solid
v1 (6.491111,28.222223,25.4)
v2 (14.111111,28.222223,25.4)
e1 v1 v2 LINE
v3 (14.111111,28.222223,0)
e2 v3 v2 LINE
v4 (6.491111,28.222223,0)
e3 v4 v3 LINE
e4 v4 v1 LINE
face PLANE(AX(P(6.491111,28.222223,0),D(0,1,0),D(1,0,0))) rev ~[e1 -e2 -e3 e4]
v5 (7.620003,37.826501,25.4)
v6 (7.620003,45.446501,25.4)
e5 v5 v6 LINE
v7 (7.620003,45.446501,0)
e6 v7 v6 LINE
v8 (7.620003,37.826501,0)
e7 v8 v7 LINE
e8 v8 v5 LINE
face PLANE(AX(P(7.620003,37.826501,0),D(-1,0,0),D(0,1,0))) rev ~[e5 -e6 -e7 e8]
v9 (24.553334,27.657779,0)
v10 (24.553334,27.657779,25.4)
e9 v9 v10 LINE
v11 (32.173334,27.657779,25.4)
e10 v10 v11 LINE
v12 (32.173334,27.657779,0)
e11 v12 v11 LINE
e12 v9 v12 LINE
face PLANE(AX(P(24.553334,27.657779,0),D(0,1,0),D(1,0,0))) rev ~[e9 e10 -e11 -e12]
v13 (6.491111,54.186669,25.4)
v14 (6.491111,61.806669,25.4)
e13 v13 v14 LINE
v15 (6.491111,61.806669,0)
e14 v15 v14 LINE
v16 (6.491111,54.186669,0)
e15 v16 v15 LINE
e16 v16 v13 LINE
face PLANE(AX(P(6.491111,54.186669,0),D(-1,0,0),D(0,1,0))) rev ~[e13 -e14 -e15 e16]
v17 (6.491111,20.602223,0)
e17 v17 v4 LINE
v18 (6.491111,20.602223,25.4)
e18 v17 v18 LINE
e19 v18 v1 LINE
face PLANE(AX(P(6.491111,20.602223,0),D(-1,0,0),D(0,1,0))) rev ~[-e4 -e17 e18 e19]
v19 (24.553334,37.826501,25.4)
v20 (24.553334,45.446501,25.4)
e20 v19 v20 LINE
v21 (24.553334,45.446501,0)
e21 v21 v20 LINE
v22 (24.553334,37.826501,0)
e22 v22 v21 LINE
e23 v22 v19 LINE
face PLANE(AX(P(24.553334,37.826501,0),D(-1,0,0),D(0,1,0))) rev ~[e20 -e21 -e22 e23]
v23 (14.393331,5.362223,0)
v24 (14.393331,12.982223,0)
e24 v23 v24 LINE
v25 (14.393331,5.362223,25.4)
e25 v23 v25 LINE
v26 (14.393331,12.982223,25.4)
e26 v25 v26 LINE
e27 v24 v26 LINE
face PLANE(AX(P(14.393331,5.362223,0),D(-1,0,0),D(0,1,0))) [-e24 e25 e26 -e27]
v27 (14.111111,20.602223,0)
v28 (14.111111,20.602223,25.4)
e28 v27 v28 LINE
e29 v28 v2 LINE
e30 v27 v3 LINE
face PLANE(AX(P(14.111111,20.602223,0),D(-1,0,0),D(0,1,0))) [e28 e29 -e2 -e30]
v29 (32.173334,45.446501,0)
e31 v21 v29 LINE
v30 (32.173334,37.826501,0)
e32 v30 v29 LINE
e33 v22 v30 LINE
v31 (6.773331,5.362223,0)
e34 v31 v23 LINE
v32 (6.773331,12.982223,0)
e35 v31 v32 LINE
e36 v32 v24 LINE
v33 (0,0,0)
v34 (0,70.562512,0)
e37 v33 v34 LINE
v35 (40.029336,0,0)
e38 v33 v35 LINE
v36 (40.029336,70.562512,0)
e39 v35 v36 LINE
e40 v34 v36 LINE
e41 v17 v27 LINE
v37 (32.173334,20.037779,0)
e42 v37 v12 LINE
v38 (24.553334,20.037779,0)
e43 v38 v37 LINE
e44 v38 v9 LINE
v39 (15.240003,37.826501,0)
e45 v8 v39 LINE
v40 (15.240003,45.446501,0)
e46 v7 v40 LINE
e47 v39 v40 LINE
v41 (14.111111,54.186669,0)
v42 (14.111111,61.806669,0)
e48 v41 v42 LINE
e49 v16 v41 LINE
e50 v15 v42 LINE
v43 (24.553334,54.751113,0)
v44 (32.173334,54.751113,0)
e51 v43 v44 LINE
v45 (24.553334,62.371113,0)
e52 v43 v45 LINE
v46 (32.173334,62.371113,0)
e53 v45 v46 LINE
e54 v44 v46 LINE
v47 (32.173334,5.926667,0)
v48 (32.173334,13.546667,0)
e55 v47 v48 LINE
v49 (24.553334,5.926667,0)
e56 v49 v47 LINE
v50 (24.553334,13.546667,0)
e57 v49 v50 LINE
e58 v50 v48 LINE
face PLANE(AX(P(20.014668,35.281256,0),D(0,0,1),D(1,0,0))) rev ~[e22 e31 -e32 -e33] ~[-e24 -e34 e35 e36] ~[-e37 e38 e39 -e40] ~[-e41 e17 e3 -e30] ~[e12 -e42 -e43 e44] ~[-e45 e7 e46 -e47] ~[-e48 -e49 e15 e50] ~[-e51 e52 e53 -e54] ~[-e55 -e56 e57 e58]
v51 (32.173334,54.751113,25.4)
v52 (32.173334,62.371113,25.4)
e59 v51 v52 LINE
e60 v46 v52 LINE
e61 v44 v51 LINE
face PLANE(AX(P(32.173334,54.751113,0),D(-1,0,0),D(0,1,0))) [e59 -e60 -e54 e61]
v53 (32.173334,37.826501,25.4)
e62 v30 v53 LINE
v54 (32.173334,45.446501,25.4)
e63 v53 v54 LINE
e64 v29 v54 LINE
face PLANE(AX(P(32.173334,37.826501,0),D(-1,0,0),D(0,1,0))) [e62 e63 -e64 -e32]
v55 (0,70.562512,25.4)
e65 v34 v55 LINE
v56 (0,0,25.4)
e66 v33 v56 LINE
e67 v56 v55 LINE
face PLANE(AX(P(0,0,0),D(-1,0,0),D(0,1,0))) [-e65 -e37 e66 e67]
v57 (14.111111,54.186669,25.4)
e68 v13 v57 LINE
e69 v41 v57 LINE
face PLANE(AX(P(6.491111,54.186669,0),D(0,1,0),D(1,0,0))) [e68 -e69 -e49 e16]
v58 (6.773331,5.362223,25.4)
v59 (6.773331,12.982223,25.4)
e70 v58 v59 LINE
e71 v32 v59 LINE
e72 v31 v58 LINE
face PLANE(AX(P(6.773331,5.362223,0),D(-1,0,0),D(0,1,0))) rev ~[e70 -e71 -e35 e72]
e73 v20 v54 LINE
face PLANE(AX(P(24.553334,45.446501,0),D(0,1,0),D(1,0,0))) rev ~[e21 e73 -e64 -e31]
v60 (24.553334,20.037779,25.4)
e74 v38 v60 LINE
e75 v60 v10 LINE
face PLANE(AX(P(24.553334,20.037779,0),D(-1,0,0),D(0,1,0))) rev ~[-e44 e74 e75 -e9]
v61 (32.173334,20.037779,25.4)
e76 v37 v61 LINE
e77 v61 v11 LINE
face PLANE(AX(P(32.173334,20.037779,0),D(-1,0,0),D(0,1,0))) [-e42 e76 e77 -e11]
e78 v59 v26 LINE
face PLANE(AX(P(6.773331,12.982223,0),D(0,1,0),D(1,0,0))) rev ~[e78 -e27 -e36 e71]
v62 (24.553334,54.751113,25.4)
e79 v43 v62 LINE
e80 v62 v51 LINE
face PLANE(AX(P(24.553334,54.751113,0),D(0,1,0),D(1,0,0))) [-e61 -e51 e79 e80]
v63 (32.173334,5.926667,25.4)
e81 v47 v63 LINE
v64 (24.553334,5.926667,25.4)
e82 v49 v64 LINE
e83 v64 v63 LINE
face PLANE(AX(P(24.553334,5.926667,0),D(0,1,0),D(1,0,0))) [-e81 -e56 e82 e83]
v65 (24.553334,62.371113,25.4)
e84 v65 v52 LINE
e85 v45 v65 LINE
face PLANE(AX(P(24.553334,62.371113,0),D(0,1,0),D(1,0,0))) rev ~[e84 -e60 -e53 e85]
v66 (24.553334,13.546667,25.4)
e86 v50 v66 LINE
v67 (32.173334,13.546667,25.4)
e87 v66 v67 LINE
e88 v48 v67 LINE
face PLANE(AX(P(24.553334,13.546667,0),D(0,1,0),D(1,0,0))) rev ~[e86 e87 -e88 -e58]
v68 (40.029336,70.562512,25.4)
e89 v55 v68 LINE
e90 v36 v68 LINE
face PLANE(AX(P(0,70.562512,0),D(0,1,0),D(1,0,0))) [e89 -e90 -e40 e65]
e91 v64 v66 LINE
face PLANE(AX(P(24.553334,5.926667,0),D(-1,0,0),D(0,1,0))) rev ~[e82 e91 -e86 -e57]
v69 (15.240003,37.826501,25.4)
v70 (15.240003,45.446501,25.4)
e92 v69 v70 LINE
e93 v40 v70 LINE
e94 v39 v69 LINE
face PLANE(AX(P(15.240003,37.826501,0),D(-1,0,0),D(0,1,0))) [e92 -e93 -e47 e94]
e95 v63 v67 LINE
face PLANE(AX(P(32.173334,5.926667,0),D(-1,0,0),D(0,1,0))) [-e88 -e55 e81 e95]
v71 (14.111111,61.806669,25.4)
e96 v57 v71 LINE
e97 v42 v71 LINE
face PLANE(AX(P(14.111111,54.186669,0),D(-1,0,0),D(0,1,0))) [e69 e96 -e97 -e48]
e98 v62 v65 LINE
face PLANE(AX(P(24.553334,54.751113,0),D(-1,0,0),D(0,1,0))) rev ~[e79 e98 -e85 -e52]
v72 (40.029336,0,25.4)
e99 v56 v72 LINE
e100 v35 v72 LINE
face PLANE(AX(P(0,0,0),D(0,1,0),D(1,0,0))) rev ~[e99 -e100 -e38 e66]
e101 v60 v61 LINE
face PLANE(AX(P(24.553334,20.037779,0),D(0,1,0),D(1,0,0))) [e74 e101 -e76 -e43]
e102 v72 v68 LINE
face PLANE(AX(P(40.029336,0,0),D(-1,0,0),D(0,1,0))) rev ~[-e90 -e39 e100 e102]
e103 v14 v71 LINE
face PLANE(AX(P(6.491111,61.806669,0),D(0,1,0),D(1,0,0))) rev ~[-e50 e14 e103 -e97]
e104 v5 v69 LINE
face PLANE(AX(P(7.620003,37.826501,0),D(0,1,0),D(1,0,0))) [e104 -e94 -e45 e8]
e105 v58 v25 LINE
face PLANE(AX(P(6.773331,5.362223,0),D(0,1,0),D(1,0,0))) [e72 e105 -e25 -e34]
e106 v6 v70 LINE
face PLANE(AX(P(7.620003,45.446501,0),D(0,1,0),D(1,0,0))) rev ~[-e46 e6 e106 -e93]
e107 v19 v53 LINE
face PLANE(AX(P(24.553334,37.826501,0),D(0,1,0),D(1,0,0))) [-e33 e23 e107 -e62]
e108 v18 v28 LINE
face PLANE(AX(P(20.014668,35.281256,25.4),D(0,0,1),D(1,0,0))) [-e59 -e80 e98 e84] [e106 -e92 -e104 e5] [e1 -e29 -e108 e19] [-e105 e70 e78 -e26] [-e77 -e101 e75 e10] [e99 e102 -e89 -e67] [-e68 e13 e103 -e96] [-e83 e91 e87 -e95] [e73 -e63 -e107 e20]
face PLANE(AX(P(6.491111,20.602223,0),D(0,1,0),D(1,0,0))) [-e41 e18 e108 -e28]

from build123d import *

# Parameters (mm, degrees)
F0_W     = 40.029336
F0_H     = 70.562513
F0_W_2   = 7.62
F0_H_2   = 7.62
F1_DEPTH = 25.4


with BuildPart() as f1:
    # F0 (on Top) → F1 (new body)
    with BuildSketch(Plane.XY):
        with Locations((20.014668, 35.281256)):
            Rectangle(F0_W, F0_H)
        with Locations((10.583331, 9.172223)):
            Rectangle(F0_W_2, F0_H_2, mode=Mode.SUBTRACT)
        with Locations((10.301111, 24.412223)):
            Rectangle(F0_W_2, F0_H_2, mode=Mode.SUBTRACT)
        with Locations((28.363334, 9.736667)):
            Rectangle(F0_W_2, F0_H_2, mode=Mode.SUBTRACT)
        with Locations((28.363334, 23.847779)):
            Rectangle(F0_W_2, F0_H_2, mode=Mode.SUBTRACT)
        with Locations((11.430003, 41.636501)):
            Rectangle(F0_W_2, F0_H_2, mode=Mode.SUBTRACT)
        with Locations((10.301111, 57.996669)):
            Rectangle(F0_W_2, F0_H_2, mode=Mode.SUBTRACT)
        with Locations((28.363334, 41.636501)):
            Rectangle(F0_W_2, F0_H_2, mode=Mode.SUBTRACT)
        with Locations((28.363334, 58.561113)):
            Rectangle(F0_W_2, F0_H_2, mode=Mode.SUBTRACT)
    extrude(amount=F1_DEPTH)


solid = f1.part
